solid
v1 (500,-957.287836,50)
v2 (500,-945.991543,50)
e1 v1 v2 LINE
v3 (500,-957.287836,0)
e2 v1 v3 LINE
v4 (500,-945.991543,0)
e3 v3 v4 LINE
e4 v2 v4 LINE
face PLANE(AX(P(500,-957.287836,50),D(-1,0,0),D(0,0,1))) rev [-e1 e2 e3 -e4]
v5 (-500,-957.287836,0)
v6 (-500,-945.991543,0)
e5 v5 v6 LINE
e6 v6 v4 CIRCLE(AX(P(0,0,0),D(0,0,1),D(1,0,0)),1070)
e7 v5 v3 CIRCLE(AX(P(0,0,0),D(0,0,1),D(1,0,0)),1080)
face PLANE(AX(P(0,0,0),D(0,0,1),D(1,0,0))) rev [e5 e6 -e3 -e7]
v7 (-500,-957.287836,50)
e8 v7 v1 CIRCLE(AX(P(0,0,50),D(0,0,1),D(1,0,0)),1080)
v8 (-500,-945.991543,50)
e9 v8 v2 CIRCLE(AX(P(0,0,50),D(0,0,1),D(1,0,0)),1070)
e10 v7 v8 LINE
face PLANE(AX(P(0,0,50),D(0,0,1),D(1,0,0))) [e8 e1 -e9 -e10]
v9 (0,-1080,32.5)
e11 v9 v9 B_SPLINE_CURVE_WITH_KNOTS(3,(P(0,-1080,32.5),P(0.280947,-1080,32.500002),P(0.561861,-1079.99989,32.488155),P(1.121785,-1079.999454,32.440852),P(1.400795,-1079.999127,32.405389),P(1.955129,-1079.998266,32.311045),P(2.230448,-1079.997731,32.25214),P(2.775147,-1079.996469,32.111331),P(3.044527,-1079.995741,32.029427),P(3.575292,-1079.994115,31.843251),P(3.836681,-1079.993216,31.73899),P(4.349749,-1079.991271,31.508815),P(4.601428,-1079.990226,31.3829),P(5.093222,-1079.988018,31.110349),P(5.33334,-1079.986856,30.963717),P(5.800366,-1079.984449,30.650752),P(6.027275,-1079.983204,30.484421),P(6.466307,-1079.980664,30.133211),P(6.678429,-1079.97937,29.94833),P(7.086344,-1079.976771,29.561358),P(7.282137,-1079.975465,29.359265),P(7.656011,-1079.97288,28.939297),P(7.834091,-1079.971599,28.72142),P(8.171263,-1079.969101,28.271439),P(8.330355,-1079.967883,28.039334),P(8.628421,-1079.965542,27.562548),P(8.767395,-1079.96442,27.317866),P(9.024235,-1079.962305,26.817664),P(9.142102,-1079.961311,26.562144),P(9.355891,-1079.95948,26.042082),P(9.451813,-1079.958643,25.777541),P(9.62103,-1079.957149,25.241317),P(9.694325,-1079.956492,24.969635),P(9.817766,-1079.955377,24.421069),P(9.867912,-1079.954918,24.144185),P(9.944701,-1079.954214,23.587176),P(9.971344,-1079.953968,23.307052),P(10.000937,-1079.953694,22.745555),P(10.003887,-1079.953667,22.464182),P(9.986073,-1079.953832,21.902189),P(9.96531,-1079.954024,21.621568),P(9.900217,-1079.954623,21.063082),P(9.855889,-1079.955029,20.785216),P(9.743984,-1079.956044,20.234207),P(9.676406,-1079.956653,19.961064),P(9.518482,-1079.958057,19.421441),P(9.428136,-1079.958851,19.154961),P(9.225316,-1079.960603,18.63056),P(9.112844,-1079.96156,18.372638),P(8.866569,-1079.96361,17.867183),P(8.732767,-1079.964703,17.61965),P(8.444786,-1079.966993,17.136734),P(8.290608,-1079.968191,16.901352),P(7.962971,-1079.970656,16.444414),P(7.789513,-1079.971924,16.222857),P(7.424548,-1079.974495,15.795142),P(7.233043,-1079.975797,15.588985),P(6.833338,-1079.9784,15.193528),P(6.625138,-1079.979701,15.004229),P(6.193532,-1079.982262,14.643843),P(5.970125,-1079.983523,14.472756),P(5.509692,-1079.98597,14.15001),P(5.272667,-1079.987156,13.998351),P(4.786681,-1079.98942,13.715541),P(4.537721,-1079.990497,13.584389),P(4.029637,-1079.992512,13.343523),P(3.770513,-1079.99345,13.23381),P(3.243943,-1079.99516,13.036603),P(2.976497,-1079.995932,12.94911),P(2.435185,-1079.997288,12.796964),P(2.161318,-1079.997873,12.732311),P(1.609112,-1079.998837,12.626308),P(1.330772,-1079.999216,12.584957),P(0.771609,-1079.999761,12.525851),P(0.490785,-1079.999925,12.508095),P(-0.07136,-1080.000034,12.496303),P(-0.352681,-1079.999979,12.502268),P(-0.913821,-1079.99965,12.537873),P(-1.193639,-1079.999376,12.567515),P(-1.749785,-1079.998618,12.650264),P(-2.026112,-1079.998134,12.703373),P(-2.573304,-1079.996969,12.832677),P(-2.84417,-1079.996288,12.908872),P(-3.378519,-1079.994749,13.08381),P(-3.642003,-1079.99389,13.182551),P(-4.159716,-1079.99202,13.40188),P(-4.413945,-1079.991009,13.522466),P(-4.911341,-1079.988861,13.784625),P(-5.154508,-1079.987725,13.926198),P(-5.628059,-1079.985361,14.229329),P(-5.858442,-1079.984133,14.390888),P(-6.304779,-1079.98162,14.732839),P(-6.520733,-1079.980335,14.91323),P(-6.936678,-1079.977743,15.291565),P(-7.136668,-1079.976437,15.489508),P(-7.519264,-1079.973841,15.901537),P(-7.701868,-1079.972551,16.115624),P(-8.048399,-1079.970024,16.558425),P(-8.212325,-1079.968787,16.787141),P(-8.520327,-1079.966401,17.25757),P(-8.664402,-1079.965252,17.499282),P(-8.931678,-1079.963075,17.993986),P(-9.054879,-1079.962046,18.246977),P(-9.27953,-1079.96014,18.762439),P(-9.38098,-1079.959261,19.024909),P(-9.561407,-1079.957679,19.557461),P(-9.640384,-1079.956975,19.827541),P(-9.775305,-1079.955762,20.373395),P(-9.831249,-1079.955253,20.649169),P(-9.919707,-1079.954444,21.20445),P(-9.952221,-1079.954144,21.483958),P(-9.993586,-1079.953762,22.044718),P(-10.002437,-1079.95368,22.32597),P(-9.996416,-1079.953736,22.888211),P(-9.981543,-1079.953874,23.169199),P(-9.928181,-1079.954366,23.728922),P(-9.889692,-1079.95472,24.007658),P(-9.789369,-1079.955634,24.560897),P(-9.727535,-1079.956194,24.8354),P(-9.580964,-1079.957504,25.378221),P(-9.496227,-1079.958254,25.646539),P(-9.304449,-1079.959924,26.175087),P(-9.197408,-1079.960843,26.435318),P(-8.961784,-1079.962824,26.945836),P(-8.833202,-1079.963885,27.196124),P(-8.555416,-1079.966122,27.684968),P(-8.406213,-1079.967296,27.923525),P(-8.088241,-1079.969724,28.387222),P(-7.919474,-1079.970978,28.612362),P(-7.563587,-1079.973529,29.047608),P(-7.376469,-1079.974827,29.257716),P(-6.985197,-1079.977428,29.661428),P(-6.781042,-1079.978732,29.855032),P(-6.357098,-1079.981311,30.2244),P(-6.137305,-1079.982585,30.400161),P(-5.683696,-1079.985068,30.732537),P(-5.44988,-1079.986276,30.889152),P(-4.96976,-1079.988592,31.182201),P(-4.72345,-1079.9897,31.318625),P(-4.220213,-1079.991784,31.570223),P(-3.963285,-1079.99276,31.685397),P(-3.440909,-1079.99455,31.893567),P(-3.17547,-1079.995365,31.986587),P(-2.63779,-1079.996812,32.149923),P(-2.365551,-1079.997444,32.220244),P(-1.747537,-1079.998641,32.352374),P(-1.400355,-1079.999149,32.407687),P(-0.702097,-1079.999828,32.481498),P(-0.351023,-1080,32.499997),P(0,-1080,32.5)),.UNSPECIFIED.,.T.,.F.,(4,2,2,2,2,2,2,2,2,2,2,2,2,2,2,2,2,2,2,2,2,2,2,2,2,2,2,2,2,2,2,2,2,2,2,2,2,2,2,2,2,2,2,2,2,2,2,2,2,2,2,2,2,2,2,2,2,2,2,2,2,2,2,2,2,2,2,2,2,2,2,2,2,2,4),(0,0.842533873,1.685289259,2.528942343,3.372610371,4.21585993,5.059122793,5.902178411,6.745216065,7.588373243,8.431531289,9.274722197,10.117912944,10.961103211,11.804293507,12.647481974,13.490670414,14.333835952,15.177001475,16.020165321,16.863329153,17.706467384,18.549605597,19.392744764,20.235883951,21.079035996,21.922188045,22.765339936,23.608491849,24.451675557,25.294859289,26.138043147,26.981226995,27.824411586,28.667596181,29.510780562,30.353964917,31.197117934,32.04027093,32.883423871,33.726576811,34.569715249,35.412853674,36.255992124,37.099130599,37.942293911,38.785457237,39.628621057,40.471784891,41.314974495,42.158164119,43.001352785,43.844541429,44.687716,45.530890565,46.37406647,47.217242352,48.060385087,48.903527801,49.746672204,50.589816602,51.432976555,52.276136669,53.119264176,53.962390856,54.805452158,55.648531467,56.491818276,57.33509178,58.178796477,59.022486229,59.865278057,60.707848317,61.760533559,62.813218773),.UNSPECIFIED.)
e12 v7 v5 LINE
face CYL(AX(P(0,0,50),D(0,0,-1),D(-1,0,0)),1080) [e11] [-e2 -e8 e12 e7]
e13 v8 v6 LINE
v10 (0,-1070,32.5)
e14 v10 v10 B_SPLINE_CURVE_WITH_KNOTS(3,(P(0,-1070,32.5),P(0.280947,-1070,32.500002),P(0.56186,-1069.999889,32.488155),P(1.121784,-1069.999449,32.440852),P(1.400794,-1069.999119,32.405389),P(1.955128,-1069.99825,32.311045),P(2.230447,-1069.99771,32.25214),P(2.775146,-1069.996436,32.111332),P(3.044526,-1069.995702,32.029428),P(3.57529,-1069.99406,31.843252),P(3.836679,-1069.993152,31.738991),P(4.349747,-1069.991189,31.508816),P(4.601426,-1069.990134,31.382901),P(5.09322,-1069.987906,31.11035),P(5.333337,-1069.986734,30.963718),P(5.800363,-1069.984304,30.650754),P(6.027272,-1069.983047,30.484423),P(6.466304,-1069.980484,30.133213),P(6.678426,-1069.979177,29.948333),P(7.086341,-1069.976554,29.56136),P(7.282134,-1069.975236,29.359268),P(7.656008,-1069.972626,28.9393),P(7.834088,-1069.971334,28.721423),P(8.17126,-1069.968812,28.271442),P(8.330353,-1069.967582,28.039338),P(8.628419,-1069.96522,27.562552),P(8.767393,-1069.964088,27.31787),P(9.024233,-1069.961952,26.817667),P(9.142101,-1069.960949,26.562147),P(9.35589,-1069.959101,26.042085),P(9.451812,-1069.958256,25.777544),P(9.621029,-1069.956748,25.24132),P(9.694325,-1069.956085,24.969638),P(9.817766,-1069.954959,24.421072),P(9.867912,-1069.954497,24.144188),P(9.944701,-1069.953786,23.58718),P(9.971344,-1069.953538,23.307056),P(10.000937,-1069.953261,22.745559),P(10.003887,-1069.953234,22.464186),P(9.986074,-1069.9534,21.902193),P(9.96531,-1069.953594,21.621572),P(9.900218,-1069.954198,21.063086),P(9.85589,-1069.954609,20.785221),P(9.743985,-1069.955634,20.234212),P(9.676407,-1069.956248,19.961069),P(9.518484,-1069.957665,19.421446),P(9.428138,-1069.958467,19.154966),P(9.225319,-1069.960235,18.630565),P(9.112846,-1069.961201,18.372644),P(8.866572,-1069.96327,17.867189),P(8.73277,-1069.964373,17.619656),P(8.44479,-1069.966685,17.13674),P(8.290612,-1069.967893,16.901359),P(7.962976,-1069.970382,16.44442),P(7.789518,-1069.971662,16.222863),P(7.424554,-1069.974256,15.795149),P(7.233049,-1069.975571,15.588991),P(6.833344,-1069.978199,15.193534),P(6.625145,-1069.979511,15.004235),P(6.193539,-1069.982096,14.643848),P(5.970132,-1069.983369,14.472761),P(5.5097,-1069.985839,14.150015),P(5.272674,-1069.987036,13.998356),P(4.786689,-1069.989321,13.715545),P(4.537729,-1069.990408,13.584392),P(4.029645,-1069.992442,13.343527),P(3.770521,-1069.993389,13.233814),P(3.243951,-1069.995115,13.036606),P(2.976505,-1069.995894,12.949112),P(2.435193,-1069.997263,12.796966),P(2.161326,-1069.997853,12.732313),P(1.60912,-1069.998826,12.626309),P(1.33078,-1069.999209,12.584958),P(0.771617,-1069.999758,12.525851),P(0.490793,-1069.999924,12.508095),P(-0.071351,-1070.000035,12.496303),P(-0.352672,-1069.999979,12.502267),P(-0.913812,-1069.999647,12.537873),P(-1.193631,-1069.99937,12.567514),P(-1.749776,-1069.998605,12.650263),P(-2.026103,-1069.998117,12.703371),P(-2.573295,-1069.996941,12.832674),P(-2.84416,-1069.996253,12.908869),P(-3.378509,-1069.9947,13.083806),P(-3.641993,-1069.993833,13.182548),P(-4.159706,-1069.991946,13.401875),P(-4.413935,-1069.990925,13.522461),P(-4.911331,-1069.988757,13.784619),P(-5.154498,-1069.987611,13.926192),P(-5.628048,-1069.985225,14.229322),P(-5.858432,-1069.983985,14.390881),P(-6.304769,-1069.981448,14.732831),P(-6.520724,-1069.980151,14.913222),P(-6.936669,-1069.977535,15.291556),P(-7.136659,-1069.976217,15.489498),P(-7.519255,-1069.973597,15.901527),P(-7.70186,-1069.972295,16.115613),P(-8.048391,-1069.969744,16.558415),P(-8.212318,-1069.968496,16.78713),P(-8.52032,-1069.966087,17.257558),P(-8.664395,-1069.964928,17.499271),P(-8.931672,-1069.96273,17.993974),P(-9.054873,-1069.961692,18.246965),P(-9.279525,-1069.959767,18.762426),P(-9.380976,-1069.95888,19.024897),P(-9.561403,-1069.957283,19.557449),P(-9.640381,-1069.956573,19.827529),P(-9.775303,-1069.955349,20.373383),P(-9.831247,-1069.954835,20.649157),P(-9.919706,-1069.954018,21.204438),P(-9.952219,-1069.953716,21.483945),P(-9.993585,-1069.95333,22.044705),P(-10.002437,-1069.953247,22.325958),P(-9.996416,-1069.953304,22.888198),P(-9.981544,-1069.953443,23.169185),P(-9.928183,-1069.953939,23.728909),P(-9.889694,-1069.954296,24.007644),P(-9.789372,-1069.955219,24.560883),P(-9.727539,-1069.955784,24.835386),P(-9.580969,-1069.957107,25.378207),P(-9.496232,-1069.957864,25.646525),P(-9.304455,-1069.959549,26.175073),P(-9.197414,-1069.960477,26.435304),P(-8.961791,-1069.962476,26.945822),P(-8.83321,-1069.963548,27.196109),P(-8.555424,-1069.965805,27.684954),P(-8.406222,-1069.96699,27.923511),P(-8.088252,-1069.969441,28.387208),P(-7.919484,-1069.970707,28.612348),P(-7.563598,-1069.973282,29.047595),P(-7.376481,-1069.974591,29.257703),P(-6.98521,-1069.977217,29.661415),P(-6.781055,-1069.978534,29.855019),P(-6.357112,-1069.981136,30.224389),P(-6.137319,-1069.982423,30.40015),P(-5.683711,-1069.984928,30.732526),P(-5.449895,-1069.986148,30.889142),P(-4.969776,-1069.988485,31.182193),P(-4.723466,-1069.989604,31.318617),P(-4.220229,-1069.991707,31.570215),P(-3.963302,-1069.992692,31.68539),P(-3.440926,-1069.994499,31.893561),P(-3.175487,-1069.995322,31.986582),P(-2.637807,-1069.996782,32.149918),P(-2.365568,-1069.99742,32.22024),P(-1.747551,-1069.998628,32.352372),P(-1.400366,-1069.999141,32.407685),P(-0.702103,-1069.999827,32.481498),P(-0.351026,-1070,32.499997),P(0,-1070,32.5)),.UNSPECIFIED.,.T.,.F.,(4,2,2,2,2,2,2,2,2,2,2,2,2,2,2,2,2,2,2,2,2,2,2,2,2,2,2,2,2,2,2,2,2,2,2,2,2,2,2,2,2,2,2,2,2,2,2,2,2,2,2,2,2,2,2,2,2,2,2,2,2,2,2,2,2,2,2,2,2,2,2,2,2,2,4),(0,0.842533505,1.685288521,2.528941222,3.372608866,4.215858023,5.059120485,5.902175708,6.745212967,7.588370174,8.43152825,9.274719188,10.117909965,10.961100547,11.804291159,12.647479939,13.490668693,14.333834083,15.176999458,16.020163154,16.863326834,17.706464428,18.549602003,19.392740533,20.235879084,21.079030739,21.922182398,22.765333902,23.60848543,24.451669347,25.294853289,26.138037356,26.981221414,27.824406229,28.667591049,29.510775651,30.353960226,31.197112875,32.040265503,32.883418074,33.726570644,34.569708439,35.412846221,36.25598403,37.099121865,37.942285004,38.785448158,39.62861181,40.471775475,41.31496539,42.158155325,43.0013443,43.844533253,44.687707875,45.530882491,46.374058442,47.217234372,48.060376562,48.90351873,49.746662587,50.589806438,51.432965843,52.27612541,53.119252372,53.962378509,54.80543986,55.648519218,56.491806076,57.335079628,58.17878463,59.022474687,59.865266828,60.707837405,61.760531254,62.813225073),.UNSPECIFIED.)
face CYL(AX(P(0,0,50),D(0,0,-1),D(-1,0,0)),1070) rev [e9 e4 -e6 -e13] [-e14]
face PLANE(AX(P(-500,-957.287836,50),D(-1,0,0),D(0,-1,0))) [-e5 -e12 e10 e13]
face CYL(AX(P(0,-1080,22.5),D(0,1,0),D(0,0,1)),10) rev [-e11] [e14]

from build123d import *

# Parameters (mm, degrees)
BOSS_EXTRUDE1_DEPTH = 50
SKETCH3_R           = 10
CUT_EXTRUDE1_DEPTH  = 1192.175889615


with BuildPart() as part:
    # Sketch1 → Boss-Extrude1 (new body)
    with BuildSketch(Plane.XY):
        with BuildLine():
            Line((-500, -957.287835502), (-500, -945.991543303))
            ThreePointArc((-500, -945.991543303), (0, -1070), (500, -945.991543303))
            Line((500, -945.991543303), (500, -957.287835502))
            ThreePointArc((500, -957.287835502), (0, -1080), (-500, -957.287835502))
        make_face()
    extrude(amount=BOSS_EXTRUDE1_DEPTH)

    # Sketch3 → Cut-Extrude1 (cut, through all)
    with BuildSketch(Plane(origin=(0, 0, 0), x_dir=(1, 0, 0), z_dir=(0, 1, 0))):
        with Locations(Location((0, -22.5, 0), (0, 0, 270))):
            Circle(SKETCH3_R)
    extrude(amount=-CUT_EXTRUDE1_DEPTH, mode=Mode.SUBTRACT)


solid = part.part
